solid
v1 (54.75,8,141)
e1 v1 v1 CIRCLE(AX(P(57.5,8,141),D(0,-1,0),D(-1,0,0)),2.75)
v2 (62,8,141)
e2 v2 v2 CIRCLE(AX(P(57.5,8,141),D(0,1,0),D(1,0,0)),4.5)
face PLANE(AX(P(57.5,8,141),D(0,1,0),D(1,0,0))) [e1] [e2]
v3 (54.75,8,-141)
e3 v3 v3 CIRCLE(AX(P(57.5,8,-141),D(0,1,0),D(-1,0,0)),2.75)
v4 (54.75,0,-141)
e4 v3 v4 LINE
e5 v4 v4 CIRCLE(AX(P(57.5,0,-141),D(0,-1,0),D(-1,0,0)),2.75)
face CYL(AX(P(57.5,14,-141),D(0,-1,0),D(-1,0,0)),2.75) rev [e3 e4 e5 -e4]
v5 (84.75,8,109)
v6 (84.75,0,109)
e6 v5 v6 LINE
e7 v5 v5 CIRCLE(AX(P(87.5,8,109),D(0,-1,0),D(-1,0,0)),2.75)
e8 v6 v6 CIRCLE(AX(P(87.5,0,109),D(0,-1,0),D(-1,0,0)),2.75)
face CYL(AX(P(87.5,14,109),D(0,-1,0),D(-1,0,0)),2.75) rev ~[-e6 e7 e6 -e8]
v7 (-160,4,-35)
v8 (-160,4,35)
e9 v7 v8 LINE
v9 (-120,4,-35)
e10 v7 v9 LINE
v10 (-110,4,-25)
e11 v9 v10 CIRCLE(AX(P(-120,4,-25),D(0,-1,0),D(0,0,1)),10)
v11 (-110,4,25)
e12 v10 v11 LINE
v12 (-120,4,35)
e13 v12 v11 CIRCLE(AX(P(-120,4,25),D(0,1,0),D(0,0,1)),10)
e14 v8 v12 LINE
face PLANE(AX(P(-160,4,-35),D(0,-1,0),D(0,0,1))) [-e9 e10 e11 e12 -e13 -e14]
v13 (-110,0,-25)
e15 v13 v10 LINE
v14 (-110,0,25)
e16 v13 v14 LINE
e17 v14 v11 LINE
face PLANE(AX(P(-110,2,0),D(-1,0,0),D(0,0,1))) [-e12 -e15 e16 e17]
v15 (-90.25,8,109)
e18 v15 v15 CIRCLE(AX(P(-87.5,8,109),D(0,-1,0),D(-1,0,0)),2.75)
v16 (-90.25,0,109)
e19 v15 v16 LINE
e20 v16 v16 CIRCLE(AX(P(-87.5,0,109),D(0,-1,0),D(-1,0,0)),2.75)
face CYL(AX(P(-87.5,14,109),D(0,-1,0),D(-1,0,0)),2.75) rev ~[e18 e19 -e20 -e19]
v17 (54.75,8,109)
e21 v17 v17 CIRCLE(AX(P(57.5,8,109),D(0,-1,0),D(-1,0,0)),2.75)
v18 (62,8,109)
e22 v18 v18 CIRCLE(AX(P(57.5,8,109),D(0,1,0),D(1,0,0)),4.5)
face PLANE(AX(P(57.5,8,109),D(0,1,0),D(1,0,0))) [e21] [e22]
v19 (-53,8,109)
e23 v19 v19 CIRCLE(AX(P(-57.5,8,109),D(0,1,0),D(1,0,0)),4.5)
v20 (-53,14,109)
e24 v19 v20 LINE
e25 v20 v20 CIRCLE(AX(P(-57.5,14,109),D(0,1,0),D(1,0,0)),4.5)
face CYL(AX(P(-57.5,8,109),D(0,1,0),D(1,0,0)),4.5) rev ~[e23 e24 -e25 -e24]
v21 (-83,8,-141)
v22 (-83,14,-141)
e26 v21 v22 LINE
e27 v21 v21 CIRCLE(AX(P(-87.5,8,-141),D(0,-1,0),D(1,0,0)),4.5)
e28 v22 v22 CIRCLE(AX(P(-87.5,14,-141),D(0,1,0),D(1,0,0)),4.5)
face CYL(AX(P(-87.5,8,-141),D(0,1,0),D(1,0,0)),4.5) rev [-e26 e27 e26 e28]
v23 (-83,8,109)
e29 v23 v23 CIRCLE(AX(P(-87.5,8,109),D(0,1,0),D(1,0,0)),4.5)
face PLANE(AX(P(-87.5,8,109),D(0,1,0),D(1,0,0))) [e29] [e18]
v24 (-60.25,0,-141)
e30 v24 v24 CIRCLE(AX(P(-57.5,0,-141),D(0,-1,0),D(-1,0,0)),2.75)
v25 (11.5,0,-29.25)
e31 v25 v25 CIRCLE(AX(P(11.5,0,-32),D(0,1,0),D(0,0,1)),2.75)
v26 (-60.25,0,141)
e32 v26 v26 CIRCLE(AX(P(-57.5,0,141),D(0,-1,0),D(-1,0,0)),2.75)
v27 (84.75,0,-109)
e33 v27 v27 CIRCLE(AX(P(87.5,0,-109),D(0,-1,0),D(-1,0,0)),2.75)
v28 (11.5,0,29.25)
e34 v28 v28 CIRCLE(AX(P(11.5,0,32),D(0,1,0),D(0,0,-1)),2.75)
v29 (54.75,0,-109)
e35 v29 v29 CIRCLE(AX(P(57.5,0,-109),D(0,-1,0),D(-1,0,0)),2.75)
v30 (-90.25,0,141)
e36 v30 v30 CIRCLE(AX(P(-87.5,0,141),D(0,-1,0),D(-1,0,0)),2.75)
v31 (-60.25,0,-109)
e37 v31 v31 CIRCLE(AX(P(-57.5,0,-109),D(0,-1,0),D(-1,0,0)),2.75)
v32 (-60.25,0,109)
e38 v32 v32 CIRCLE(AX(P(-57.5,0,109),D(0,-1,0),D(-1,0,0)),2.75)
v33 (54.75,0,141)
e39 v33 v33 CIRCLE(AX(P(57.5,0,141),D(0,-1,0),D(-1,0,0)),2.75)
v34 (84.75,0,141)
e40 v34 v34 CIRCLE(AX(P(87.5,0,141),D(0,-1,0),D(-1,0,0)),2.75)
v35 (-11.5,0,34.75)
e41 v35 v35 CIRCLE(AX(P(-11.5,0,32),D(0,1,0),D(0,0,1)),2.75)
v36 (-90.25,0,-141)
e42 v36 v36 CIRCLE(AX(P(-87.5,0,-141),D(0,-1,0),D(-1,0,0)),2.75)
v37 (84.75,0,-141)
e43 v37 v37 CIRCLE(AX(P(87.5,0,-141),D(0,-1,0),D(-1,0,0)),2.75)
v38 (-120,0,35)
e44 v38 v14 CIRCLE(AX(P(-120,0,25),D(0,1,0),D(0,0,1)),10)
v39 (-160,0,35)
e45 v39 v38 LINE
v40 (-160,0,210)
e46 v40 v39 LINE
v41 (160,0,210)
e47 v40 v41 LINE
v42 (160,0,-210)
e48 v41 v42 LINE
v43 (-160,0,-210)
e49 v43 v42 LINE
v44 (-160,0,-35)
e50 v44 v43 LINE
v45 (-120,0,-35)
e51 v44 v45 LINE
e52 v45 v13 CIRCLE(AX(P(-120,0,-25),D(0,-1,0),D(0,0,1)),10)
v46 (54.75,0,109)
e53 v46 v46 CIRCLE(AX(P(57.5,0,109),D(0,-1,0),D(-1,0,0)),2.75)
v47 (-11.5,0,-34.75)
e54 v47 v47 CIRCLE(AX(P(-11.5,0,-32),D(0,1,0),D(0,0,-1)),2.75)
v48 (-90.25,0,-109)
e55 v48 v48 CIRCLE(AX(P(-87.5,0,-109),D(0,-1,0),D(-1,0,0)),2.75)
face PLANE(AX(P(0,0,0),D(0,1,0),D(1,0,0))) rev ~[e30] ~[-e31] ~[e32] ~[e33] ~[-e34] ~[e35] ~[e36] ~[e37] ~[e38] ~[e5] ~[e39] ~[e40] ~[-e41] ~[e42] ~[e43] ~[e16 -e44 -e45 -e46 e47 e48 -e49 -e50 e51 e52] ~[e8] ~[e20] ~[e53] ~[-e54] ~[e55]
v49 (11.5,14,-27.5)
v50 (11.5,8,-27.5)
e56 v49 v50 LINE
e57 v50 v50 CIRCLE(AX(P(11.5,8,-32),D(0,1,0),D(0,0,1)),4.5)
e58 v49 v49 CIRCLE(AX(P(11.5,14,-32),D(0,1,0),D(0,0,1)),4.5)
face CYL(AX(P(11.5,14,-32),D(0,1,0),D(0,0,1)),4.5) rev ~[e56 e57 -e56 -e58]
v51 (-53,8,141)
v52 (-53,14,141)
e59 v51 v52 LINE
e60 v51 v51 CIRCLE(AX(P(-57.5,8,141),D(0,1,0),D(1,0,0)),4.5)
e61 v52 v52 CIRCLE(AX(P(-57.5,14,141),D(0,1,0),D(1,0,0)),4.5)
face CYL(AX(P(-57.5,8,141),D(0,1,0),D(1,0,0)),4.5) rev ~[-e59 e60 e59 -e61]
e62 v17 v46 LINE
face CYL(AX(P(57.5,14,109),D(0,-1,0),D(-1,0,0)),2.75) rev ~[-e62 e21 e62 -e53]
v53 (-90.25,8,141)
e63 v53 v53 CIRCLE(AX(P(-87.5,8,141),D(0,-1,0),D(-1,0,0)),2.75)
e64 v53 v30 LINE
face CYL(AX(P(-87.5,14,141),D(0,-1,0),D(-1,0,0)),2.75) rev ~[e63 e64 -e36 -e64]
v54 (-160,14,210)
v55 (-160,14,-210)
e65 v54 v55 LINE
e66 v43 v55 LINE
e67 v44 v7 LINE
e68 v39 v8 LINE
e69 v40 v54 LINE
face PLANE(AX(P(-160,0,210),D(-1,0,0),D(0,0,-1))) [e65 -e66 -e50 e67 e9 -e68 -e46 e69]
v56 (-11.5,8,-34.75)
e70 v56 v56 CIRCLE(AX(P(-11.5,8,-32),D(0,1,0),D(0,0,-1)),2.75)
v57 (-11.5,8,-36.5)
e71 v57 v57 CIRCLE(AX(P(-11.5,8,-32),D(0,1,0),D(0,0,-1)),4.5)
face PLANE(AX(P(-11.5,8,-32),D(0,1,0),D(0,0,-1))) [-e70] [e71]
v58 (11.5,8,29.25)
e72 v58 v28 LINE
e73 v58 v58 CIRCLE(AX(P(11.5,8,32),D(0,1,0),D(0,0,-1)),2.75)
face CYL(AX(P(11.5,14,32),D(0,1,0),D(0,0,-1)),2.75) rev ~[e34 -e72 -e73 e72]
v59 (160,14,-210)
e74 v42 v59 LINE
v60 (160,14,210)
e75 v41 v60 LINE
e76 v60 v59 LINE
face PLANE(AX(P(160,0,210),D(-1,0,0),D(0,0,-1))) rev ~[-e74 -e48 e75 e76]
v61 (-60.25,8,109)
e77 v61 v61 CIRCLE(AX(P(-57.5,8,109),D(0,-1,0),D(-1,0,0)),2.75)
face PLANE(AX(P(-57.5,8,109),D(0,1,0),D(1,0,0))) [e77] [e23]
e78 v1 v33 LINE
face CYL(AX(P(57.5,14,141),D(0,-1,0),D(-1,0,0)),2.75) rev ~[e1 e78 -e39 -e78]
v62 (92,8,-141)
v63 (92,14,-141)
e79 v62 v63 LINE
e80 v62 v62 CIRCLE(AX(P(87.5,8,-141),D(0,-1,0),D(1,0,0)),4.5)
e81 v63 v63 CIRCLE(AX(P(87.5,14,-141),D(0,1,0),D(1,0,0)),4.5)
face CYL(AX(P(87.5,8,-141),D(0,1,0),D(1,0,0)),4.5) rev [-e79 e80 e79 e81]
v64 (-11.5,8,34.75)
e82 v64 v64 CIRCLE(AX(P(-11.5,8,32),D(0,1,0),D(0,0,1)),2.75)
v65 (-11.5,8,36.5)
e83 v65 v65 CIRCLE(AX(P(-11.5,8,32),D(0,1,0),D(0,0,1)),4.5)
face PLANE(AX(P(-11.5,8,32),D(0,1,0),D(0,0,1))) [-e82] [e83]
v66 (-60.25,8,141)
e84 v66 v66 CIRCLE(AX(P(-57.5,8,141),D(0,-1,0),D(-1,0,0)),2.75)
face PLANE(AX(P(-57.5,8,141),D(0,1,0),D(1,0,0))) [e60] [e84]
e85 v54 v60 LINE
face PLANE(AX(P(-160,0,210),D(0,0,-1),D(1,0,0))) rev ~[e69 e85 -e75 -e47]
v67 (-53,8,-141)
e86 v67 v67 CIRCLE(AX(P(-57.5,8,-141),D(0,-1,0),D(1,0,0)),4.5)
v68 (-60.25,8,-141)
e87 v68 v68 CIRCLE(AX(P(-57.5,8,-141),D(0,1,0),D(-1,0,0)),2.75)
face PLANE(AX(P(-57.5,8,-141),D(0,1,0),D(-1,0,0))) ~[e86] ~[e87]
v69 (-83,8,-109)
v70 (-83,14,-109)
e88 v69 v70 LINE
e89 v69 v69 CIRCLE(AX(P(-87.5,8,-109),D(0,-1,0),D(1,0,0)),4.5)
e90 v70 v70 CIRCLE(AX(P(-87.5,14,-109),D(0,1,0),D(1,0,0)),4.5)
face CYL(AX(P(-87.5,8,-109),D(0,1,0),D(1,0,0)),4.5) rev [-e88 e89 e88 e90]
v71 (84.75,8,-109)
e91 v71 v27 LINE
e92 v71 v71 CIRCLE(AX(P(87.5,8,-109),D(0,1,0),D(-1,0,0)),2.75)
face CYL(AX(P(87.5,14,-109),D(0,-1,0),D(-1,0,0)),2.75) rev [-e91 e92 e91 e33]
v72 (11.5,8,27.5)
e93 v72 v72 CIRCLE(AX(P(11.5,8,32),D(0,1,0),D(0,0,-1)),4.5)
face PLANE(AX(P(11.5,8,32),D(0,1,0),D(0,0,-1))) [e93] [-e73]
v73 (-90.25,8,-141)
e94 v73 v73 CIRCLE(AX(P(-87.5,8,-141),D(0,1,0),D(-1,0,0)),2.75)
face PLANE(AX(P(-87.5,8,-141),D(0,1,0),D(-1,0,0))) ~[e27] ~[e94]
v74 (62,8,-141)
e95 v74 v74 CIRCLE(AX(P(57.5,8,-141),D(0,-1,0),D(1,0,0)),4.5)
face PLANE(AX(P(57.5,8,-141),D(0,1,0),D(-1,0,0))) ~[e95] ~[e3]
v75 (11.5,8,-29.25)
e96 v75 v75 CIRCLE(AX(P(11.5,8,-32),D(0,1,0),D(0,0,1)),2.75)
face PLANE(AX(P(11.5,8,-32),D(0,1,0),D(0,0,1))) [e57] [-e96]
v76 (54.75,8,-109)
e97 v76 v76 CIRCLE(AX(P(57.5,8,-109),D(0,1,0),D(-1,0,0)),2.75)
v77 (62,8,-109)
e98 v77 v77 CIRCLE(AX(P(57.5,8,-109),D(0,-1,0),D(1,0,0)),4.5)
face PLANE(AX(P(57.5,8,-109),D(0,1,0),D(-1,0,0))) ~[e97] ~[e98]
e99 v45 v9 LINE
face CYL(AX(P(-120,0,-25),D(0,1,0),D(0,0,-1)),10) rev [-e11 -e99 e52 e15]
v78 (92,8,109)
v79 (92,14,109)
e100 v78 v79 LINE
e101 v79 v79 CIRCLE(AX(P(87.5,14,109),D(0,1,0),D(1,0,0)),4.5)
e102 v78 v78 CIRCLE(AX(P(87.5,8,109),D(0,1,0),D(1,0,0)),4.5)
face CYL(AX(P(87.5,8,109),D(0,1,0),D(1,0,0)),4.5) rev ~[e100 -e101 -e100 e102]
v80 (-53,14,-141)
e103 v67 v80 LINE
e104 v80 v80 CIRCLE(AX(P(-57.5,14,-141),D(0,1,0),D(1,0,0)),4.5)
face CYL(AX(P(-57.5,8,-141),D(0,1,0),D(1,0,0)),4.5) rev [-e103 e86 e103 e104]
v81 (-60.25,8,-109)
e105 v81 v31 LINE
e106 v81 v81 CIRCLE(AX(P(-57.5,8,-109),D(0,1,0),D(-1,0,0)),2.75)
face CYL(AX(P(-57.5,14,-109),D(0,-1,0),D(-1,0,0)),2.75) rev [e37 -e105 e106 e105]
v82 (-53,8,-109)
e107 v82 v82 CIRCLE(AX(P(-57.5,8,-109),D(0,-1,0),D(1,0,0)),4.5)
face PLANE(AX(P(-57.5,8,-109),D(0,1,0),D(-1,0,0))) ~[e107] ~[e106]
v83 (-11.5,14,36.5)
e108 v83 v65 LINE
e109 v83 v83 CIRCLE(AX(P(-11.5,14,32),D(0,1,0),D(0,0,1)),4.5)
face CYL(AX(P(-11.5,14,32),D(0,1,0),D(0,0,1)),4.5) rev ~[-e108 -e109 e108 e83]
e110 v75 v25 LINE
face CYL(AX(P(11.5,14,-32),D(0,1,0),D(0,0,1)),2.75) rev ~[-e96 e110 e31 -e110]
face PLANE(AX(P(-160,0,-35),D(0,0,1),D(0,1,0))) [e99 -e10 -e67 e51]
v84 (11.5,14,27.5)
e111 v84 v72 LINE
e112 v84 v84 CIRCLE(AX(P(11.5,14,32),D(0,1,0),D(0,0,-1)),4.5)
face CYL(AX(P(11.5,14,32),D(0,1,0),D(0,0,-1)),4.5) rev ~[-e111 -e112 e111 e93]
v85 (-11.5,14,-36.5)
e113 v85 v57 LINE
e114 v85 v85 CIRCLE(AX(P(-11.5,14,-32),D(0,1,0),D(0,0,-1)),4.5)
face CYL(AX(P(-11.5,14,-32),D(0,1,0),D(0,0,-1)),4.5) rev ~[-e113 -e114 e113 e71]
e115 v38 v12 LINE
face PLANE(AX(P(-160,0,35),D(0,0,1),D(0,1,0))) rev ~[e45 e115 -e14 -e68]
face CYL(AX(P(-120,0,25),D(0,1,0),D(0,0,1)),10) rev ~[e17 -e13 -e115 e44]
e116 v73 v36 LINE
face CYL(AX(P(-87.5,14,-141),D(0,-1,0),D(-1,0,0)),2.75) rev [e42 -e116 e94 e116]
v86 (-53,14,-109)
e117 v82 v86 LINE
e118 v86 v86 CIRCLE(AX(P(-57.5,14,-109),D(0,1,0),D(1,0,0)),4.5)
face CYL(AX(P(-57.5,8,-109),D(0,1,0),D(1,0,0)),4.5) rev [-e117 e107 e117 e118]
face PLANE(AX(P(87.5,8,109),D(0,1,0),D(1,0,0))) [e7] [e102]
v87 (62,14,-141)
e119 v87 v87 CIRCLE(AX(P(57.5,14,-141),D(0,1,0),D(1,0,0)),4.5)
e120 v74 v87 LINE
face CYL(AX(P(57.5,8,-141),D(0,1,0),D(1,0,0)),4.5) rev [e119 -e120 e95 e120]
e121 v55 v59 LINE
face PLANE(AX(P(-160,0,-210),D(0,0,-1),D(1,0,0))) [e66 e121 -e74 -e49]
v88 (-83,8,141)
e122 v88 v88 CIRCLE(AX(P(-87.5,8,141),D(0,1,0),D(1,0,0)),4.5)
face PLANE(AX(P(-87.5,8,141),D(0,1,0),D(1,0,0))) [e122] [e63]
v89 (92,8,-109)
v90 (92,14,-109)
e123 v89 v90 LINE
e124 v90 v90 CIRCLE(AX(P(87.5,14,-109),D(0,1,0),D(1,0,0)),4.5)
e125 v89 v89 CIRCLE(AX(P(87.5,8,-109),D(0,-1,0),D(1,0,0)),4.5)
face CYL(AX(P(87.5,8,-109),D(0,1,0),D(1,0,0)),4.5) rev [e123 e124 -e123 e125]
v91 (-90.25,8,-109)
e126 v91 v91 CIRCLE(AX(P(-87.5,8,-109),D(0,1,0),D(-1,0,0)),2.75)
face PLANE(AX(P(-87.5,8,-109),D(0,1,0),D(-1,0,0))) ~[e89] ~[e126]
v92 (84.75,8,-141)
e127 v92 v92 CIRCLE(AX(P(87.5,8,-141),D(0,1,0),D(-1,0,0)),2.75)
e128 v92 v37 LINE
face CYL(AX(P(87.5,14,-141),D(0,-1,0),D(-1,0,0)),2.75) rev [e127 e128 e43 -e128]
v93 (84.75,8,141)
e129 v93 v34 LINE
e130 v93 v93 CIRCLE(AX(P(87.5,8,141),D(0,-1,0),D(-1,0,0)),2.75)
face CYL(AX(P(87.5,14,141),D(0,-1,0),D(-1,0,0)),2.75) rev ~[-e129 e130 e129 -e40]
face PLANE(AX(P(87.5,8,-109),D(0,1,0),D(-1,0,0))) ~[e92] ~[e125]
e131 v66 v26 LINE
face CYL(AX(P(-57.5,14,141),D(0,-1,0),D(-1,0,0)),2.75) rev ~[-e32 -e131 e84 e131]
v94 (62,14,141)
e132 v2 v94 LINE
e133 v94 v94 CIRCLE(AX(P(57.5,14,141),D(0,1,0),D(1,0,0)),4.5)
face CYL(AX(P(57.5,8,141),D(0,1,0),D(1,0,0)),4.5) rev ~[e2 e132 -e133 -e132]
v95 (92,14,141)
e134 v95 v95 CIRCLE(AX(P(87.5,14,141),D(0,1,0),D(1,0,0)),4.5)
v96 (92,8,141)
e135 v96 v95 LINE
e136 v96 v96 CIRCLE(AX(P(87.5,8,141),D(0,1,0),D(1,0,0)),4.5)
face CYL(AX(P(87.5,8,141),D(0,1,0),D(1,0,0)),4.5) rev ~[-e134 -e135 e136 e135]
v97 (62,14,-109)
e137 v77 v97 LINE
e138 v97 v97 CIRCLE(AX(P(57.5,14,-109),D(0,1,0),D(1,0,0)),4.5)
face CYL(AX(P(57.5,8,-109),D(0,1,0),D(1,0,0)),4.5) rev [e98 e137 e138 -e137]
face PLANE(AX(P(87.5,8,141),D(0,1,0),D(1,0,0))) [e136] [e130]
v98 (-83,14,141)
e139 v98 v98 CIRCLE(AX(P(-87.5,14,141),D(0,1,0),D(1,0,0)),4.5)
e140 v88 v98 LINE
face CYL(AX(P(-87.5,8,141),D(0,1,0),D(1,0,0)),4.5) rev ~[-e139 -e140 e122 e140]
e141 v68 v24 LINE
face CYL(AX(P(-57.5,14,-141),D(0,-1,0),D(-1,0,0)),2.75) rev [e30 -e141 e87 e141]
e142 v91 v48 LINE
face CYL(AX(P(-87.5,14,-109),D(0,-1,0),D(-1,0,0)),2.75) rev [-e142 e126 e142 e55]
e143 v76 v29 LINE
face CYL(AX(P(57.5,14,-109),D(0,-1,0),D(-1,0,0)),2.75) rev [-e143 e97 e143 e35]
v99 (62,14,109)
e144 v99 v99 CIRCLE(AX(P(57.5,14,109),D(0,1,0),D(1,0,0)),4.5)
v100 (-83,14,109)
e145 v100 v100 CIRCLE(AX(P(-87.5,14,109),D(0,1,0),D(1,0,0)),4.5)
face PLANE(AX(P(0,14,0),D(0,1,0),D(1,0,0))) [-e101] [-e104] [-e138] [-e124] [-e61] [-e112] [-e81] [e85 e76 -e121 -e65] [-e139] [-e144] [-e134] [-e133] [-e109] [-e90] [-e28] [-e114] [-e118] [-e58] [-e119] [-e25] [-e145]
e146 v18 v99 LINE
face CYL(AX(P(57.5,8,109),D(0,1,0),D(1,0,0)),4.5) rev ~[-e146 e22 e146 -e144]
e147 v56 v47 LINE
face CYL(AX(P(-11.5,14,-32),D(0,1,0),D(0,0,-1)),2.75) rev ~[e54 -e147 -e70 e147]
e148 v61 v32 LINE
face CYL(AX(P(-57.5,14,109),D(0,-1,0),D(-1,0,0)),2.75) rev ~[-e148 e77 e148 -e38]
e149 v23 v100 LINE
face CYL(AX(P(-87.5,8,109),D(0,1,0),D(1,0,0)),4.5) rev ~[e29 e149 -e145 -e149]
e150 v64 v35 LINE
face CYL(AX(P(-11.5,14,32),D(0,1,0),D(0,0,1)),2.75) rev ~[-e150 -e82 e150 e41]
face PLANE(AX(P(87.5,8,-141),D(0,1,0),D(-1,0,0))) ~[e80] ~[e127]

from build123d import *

# Parameters (mm, degrees)
SZKIC1_W                                             = 320
SZKIC1_H                                             = 420
DODANIE_WYCI_GNI_CIE1_DEPTH                          = 14
POG_BIENIE_WALCOWE_POD_M5_WKR_T_DO_CZ_CI_D           = 5.5
POG_BIENIE_WALCOWE_POD_M5_WKR_T_DO_CZ_CI_CBORE_D     = 9
POG_BIENIE_WALCOWE_POD_M5_WKR_T_DO_CZ_CI_CBORE_DEPTH = 6
SZKIC10_W                                            = 70
SZKIC10_H                                            = 4
WYTNIJ_WYCI_GNI_CIE1_DEPTH                           = 50
ZAOKR_GLENIE1_R                                      = 10
SKETCH_1_R                                           = 4.5
CUT_EXTRUDE_1_DEPTH                                  = 6
SKETCH_2_R                                           = 2.75
CUT_EXTRUDE_2_DEPTH                                  = 265.378516525


with BuildPart() as part:
    # Szkic1 → Dodanie-wyciągnięcie1 (new body)
    with BuildSketch(Plane(origin=(0, 0, 0), x_dir=(1, 0, 0), z_dir=(0, 1, 0))):
        Rectangle(SZKIC1_W, SZKIC1_H)
    extrude(amount=DODANIE_WYCI_GNI_CIE1_DEPTH)

    # Pogłębienie walcowe pod M5 Wkręt do części metalowych z łbem sześciokątnym1 (through all)
    with Locations(Plane(origin=(0, 14, 0), x_dir=(1, 0, 0), z_dir=(0, 1, 0))):
        with Locations((-87.5, -141), (-87.5, -109), (-57.5, -141), (-57.5, -109), (57.5, -141), (57.5, -109), (87.5, -109), (87.5, -141)):
            pog_bienie_walcowe_pod_m5_wkr_t_do_cz_ci = CounterBoreHole(POG_BIENIE_WALCOWE_POD_M5_WKR_T_DO_CZ_CI_D / 2, POG_BIENIE_WALCOWE_POD_M5_WKR_T_DO_CZ_CI_CBORE_D / 2, POG_BIENIE_WALCOWE_POD_M5_WKR_T_DO_CZ_CI_CBORE_DEPTH)

    # Lustro3: Pogłębienie walcowe pod M5 Wkręt do części metalowych z łbem sześciokątnym1 across plane
    add(pog_bienie_walcowe_pod_m5_wkr_t_do_cz_ci.mirror(Plane.XY), mode=Mode.SUBTRACT)

    # Szkic10 → Wytnij-wyciągnięcie1 (cut)
    with BuildSketch(Plane.ZY.offset(160)):
        with Locations((0, 2)):
            Rectangle(SZKIC10_W, SZKIC10_H)
    extrude(amount=-WYTNIJ_WYCI_GNI_CIE1_DEPTH, mode=Mode.SUBTRACT)

    # Zaokrąglenie1
    zaokr_glenie1_edges = [part.edges().sort_by_distance(p)[0] for p in [
        (-110, 2, -35),
        (-110, 2, 35),
    ]]
    fillet(zaokr_glenie1_edges, radius=ZAOKR_GLENIE1_R)

    # 草图1 → 切除-拉伸1 (cut)
    with BuildSketch(Plane(origin=(0, 14, 0), x_dir=(1, 0, 0), z_dir=(0, 1, 0))):
        with Locations(Location((11.5, 32, 0), (0, 0, 270))):
            Circle(SKETCH_1_R)
        with Locations(Location((-11.5, 32, 0), (0, 0, 90))):
            Circle(SKETCH_1_R)
        with Locations(Location((-11.5, -32, 0), (0, 0, 270))):
            Circle(SKETCH_1_R)
        with Locations(Location((11.5, -32, 0), (0, 0, 90))):
            Circle(SKETCH_1_R)
    extrude(amount=-CUT_EXTRUDE_1_DEPTH, mode=Mode.SUBTRACT)

    # 草图2 → 切除-拉伸2 (cut, through all)
    with BuildSketch(Plane(origin=(0, 14, 0), x_dir=(1, 0, 0), z_dir=(0, 1, 0))):
        with Locations(Location((11.5, 32, 0), (0, 0, 270))):
            Circle(SKETCH_2_R)
        with Locations(Location((-11.5, 32, 0), (0, 0, 90))):
            Circle(SKETCH_2_R)
        with Locations(Location((-11.5, -32, 0), (0, 0, 270))):
            Circle(SKETCH_2_R)
        with Locations(Location((11.5, -32, 0), (0, 0, 90))):
            Circle(SKETCH_2_R)
    extrude(amount=-CUT_EXTRUDE_2_DEPTH, mode=Mode.SUBTRACT)


solid = part.part
